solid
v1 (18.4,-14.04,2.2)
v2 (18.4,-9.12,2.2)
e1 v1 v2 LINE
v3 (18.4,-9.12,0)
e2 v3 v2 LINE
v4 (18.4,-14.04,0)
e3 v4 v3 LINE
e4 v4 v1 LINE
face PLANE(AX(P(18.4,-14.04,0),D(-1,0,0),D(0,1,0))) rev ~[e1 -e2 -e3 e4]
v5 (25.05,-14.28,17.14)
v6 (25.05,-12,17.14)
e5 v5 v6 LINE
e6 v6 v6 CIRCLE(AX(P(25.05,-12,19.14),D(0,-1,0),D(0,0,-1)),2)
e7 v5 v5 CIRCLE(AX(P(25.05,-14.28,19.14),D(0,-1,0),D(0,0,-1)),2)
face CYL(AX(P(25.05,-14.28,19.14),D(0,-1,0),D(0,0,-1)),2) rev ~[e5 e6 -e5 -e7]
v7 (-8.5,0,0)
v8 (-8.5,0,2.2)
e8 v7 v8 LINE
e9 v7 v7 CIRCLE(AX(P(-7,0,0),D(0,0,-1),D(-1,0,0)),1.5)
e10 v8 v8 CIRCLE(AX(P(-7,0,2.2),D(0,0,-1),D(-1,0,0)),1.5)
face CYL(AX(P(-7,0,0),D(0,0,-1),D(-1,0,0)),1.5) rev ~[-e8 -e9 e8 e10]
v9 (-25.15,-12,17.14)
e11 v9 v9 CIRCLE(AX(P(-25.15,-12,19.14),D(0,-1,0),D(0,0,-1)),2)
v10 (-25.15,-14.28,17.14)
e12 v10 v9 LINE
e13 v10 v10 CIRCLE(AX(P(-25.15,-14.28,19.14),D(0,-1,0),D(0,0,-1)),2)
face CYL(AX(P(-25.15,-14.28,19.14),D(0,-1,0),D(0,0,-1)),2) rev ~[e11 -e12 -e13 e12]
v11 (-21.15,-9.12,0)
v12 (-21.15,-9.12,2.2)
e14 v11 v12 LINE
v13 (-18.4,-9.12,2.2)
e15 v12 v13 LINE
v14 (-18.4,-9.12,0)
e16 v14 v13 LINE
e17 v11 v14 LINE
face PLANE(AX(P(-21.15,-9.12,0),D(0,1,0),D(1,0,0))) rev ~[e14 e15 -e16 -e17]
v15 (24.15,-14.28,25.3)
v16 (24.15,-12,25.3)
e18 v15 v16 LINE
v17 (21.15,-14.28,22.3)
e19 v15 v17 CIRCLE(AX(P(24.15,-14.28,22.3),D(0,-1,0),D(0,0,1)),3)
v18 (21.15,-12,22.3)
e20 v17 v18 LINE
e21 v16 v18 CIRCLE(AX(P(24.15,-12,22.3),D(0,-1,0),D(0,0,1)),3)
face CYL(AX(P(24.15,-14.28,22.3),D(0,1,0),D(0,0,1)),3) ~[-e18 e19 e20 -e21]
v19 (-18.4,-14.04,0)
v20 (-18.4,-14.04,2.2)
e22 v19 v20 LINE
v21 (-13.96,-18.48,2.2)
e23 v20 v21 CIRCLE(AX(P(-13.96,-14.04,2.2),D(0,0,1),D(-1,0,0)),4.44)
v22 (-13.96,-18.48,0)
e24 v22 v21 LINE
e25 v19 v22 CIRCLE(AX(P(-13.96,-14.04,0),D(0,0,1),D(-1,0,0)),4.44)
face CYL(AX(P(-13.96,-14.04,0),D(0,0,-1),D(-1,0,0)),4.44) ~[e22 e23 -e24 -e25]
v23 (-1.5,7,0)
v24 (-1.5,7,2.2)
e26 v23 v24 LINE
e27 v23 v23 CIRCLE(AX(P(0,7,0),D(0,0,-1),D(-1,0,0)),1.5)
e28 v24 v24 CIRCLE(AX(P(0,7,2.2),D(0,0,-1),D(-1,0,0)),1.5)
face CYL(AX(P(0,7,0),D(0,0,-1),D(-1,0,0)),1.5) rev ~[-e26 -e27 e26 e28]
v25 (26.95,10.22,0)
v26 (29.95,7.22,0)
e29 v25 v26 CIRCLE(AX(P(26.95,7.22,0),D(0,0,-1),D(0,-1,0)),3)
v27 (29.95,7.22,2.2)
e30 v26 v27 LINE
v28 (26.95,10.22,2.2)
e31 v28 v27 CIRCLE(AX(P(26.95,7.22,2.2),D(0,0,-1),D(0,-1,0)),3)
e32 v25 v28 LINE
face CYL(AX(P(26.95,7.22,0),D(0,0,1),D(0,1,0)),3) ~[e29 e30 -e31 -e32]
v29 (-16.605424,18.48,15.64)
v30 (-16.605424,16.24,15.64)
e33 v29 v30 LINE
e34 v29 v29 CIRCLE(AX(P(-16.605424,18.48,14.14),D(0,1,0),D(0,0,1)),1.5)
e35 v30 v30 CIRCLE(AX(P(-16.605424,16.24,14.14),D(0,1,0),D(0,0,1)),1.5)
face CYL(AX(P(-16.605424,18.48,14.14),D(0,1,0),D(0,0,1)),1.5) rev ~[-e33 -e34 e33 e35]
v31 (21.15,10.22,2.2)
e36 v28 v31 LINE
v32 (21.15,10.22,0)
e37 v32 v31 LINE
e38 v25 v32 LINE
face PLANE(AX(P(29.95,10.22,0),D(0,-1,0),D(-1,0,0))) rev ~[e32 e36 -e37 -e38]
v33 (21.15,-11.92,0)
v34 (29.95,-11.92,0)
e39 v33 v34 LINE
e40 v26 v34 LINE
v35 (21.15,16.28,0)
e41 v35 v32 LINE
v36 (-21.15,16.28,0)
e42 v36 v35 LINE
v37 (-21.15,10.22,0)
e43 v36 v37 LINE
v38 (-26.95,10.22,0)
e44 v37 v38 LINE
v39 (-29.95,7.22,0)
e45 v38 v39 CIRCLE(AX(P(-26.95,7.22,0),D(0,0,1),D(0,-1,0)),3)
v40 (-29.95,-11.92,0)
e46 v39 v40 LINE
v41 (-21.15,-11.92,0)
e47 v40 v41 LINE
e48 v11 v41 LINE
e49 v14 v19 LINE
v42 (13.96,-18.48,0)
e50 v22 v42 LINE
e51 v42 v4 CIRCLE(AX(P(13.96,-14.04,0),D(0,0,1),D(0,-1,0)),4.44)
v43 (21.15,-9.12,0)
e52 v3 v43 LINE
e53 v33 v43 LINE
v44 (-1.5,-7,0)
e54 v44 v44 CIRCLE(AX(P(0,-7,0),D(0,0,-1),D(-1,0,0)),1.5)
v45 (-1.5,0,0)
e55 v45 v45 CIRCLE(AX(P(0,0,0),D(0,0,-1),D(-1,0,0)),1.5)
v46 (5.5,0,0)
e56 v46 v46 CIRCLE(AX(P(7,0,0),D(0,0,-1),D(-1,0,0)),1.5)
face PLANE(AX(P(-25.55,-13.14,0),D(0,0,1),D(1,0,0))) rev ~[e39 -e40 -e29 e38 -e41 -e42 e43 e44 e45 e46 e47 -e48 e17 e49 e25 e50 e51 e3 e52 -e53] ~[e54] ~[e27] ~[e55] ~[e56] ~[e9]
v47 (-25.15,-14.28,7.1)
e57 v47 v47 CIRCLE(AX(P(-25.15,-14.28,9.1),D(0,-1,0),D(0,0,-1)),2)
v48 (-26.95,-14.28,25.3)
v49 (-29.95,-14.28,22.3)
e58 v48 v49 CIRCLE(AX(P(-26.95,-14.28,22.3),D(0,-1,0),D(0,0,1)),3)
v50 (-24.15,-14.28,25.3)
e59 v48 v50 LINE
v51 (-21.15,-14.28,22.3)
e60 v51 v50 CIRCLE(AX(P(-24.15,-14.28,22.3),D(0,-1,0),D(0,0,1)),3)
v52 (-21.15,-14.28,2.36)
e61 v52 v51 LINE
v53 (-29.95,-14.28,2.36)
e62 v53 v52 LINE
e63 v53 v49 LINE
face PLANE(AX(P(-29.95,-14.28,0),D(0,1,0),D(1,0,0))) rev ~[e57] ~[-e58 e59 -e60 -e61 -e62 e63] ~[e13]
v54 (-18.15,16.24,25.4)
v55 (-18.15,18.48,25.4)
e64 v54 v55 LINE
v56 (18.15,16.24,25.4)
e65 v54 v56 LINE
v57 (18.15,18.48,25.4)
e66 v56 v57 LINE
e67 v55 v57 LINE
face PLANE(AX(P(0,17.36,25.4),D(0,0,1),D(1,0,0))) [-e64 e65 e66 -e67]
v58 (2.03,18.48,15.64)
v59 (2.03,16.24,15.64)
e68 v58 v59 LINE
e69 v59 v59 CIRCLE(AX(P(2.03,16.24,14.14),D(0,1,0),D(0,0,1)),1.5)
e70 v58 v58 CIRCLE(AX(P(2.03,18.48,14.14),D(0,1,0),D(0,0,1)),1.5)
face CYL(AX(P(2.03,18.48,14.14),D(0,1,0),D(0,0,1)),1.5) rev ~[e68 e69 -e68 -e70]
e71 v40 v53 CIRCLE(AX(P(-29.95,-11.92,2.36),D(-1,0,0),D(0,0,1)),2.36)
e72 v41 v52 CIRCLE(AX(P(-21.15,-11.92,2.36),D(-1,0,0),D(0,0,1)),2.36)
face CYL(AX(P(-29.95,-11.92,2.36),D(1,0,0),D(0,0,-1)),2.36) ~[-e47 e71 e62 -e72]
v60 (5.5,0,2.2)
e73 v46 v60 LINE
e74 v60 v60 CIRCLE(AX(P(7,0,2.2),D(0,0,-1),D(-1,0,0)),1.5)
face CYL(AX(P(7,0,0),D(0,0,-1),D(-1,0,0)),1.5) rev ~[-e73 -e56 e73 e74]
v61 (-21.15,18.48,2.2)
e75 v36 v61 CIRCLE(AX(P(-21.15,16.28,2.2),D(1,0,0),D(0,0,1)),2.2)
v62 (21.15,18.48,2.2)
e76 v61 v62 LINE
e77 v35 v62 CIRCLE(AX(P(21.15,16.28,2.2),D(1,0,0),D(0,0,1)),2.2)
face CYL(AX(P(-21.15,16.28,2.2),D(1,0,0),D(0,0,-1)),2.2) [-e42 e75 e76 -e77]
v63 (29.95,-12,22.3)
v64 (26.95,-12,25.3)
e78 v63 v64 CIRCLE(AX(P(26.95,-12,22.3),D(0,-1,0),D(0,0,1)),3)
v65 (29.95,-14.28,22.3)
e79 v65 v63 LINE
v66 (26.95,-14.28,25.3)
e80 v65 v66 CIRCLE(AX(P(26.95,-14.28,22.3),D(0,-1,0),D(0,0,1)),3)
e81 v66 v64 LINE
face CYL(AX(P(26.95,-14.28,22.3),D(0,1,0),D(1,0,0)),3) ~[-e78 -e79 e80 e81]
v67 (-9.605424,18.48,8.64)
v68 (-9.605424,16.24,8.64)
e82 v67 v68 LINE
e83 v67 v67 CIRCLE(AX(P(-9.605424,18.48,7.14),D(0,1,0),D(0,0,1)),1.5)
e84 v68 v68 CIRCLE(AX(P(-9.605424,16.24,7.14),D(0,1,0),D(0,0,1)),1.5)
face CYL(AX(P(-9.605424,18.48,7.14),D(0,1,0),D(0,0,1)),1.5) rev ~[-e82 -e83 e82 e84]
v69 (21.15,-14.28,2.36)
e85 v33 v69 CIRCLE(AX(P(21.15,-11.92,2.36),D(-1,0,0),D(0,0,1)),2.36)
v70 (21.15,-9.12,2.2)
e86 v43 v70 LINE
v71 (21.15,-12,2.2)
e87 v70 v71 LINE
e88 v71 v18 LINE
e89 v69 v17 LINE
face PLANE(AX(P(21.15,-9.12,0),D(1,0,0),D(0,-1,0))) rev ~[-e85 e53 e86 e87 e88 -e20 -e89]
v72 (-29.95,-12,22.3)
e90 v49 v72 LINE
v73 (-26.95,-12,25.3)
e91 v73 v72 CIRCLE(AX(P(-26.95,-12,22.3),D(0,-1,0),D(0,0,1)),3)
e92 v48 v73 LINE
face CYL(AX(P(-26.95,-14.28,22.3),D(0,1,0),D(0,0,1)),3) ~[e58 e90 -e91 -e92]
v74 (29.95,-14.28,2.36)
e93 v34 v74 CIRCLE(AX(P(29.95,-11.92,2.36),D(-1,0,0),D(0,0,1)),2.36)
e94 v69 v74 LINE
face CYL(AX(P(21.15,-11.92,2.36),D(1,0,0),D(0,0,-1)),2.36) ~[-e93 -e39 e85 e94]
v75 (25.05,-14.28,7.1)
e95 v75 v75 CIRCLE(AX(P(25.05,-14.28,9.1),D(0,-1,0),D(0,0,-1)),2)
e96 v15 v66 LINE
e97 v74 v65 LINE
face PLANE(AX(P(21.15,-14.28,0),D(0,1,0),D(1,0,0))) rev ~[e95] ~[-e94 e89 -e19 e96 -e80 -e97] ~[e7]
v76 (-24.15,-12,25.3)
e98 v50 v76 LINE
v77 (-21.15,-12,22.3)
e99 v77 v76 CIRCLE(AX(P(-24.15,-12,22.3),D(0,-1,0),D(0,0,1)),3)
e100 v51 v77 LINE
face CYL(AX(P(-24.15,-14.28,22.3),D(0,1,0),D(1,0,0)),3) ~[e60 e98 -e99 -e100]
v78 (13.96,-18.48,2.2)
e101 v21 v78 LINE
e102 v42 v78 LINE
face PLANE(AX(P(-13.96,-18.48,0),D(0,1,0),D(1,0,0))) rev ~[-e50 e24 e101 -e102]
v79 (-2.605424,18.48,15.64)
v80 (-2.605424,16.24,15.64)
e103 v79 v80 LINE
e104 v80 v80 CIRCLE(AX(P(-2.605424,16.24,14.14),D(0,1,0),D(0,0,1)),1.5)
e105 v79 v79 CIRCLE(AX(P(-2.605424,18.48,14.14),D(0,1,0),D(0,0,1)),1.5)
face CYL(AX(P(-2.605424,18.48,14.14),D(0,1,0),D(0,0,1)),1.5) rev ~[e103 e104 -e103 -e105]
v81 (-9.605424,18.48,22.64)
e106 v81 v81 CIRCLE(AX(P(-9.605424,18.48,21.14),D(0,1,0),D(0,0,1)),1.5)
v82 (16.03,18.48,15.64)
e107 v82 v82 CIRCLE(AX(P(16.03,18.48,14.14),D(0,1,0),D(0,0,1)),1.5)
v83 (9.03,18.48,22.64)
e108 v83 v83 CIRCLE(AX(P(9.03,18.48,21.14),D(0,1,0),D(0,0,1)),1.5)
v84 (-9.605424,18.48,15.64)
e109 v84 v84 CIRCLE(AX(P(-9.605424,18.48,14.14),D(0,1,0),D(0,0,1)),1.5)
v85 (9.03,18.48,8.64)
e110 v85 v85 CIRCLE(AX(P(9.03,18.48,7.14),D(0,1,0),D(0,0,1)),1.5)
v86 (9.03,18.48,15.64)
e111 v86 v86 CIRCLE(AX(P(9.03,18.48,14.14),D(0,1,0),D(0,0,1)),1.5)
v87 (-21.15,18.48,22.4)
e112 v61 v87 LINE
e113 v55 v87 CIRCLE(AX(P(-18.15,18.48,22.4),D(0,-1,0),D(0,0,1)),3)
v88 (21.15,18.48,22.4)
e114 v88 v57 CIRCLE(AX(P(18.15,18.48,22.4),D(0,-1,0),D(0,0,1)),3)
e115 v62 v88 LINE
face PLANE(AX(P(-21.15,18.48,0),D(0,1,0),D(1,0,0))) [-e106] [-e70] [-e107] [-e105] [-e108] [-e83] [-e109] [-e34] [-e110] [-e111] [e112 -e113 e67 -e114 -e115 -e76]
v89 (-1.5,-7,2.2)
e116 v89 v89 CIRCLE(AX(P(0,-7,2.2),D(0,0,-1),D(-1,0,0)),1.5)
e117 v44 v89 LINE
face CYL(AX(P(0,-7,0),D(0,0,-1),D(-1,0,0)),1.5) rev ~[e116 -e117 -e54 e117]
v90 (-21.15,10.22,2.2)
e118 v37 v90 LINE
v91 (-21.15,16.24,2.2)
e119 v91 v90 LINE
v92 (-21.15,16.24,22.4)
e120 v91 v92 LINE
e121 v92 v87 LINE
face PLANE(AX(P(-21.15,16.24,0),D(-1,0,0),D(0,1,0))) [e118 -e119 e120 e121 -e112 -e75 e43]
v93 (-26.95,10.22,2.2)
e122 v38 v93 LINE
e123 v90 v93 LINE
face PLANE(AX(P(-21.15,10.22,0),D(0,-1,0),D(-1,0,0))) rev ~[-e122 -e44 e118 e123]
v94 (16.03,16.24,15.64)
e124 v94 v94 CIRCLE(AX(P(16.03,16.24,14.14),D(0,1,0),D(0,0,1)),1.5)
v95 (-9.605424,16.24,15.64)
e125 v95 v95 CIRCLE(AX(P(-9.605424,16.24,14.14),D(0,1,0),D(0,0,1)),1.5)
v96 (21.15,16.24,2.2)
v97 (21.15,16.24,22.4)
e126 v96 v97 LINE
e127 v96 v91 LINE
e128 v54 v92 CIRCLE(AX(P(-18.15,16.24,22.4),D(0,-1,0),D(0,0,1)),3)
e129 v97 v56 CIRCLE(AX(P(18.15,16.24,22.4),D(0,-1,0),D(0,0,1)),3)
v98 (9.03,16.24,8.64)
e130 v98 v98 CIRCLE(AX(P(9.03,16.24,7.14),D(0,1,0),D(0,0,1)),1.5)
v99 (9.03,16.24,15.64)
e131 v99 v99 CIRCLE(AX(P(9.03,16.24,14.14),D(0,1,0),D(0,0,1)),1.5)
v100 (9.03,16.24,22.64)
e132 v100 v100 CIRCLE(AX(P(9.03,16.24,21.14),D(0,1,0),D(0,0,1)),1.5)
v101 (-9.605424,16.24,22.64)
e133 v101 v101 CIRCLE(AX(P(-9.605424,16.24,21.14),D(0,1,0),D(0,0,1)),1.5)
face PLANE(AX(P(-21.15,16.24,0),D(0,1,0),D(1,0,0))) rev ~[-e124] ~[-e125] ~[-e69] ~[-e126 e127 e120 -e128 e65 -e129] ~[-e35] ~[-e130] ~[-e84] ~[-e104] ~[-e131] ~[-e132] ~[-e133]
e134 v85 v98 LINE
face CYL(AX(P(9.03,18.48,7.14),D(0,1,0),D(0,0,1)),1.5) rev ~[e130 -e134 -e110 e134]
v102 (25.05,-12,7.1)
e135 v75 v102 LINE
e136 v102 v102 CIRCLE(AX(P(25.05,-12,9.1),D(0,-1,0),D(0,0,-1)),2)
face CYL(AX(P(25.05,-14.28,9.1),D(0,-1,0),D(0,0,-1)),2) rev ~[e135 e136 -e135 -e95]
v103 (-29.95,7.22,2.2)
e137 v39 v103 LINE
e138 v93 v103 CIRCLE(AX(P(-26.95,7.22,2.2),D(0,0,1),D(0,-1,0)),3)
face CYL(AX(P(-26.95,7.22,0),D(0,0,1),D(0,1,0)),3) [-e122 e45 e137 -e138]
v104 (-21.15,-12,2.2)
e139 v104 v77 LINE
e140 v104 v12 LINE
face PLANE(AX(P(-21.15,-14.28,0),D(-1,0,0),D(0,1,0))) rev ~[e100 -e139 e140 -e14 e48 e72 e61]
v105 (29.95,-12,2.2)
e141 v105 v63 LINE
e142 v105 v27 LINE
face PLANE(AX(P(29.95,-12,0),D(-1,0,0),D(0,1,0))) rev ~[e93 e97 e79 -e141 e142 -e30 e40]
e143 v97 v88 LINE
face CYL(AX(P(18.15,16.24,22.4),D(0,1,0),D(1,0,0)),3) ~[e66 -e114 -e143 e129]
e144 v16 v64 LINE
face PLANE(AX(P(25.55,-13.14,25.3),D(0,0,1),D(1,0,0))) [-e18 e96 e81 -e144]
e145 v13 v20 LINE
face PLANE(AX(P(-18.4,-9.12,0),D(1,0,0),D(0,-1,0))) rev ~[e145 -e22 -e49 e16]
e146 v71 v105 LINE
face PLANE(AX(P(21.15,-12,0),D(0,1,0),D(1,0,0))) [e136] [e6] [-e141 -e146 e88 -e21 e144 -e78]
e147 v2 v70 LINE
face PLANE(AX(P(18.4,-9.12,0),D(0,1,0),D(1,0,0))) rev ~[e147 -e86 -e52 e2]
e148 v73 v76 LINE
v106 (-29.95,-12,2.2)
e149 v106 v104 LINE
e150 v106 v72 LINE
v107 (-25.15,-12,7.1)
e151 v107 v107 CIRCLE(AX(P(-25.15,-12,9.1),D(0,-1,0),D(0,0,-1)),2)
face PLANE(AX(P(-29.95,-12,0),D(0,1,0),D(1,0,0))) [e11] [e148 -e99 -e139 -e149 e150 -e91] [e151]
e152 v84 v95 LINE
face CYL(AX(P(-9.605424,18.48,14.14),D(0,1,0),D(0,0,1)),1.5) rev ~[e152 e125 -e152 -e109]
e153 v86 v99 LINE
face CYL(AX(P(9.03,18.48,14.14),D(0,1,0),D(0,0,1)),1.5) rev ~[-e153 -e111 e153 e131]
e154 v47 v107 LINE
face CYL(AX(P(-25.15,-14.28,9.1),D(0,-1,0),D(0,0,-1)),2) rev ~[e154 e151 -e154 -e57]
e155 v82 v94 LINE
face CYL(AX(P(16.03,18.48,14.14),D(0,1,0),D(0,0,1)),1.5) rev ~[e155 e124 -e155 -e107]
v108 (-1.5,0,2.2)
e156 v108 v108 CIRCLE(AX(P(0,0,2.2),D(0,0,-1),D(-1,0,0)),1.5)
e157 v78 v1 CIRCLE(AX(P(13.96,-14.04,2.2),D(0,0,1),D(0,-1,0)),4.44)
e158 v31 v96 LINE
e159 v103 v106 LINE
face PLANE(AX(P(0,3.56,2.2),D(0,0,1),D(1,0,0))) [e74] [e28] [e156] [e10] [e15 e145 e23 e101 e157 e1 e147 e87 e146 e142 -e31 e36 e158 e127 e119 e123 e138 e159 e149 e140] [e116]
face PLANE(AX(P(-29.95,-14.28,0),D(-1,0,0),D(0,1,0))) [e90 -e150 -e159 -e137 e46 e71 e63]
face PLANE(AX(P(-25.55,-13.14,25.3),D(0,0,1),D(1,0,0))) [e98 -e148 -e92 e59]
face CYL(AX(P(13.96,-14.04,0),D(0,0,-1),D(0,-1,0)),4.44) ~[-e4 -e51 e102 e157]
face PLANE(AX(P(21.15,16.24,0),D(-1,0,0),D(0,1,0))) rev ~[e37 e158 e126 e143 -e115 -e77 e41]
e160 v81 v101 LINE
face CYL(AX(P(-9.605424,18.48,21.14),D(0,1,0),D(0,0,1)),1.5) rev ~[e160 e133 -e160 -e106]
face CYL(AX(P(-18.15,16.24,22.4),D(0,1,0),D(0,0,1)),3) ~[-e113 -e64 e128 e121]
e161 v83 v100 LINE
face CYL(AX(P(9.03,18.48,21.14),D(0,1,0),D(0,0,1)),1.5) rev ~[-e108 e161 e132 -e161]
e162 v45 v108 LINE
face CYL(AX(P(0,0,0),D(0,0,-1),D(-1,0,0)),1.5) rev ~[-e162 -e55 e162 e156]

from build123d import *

# Parameters (mm, degrees)
BOSS_EXTRUDE1_DEPTH = 2.2
SKETCH1_3_W         = 42.3
SKETCH1_3_H         = 2.24
BOSS_EXTRUDE2_DEPTH = 25.4
SKETCH1_4_W         = 8.8
SKETCH1_4_H         = 2.28
BOSS_EXTRUDE3_DEPTH = 25.3
FILLET13_R          = 3
FILLET14_R          = 3
FILLET15_R          = 3
FILLET16_R          = 3
FILLET18_R          = 3
FILLET19_R          = 3
FILLET20_R          = 3
FILLET21_R          = 3
FILLET24_R          = 2.36
FILLET25_R          = 2.36
FILLET26_R          = 2.2
SKETCH2_R           = 2
CUT_EXTRUDE1_DEPTH  = 10
SKETCH3_R           = 1.5
CUT_EXTRUDE2_DEPTH  = 10
SKETCH4_R           = 1.5
CUT_EXTRUDE3_DEPTH  = 10


with BuildPart() as part:
    # Sketch1 → Boss-Extrude1 (new body)
    with BuildSketch(Plane.XY):
        Polygon((21.15, 16.24), (-21.15, 16.24), (-21.15, 10.22), (-21.15, -9.12), (-18.4, -9.12), (18.4, -9.12), (21.15, -9.12), (21.15, 10.22), align=None)
        with BuildLine():
            Line((-4.349812535, -18.48), (13.96, -18.48))
            ThreePointArc((13.96, -18.48), (17.099554108, -17.179554108), (18.4, -14.04))
            Line((18.4, -14.04), (18.4, -9.12))
            Line((18.4, -9.12), (-18.4, -9.12))
            Line((-18.4, -9.12), (-18.4, -14.04))
            ThreePointArc((-18.4, -14.04), (-17.099554108, -17.179554108), (-13.96, -18.48))
            Line((-13.96, -18.48), (-4.349812535, -18.48))
        make_face()
        Polygon((-21.15, -9.12), (-21.15, 10.22), (-29.95, 10.22), (-29.95, -12), (-21.15, -12), align=None)
        Polygon((29.95, 10.22), (21.15, 10.22), (21.15, -9.12), (21.15, -12), (29.95, -12), align=None)
    extrude(amount=BOSS_EXTRUDE1_DEPTH)

    # Sketch1<3> → Boss-Extrude2 (add)
    with BuildSketch(Plane.XY):
        with Locations((0, 17.36)):
            Rectangle(SKETCH1_3_W, SKETCH1_3_H)
    extrude(amount=BOSS_EXTRUDE2_DEPTH)

    # Sketch1<4> → Boss-Extrude3 (add)
    with BuildSketch(Plane.XY):
        with Locations((-25.55, -13.14)):
            Rectangle(SKETCH1_4_W, SKETCH1_4_H)
        with Locations((25.55, -13.14)):
            Rectangle(SKETCH1_4_W, SKETCH1_4_H)
    extrude(amount=BOSS_EXTRUDE3_DEPTH)

    # Fillet13
    fillet13_edges = [part.edges().sort_by_distance(p)[0] for p in [
        (-21.15, -13.14, 25.3),
    ]]
    fillet(fillet13_edges, radius=FILLET13_R)

    # Fillet14
    fillet14_edges = [part.edges().sort_by_distance(p)[0] for p in [
        (-29.95, -13.14, 25.3),
    ]]
    fillet(fillet14_edges, radius=FILLET14_R)

    # Fillet15
    fillet15_edges = [part.edges().sort_by_distance(p)[0] for p in [
        (29.95, -13.14, 25.3),
    ]]
    fillet(fillet15_edges, radius=FILLET15_R)

    # Fillet16
    fillet16_edges = [part.edges().sort_by_distance(p)[0] for p in [
        (21.15, -13.14, 25.3),
    ]]
    fillet(fillet16_edges, radius=FILLET16_R)

    # Fillet18
    fillet18_edges = [part.edges().sort_by_distance(p)[0] for p in [
        (21.15, 17.36, 25.4),
    ]]
    fillet(fillet18_edges, radius=FILLET18_R)

    # Fillet19
    fillet19_edges = [part.edges().sort_by_distance(p)[0] for p in [
        (-21.15, 17.36, 25.4),
    ]]
    fillet(fillet19_edges, radius=FILLET19_R)

    # Fillet20
    fillet20_edges = [part.edges().sort_by_distance(p)[0] for p in [
        (29.95, 10.22, 1.1),
    ]]
    fillet(fillet20_edges, radius=FILLET20_R)

    # Fillet21
    fillet21_edges = [part.edges().sort_by_distance(p)[0] for p in [
        (-29.95, 10.22, 1.1),
    ]]
    fillet(fillet21_edges, radius=FILLET21_R)

    # Fillet24
    fillet24_edges = [part.edges().sort_by_distance(p)[0] for p in [
        (-25.55, -14.28, 0),
    ]]
    fillet(fillet24_edges, radius=FILLET24_R)

    # Fillet25
    fillet25_edges = [part.edges().sort_by_distance(p)[0] for p in [
        (25.55, -14.28, 0),
    ]]
    fillet(fillet25_edges, radius=FILLET25_R)

    # Fillet26
    fillet26_edges = [part.edges().sort_by_distance(p)[0] for p in [
        (0, 18.48, 0),
    ]]
    fillet(fillet26_edges, radius=FILLET26_R)

    # Sketch2 → Cut-Extrude1 (cut)
    with BuildSketch(Plane.XZ.offset(14.28)):
        with Locations(Location((25.05, 19.14, 0), (0, 0, 270))):
            Circle(SKETCH2_R)
        with Locations(Location((25.05, 9.1, 0), (0, 0, 270))):
            Circle(SKETCH2_R)
        with Locations(Location((-25.15, 19.14, 0), (0, 0, 270))):
            Circle(SKETCH2_R)
        with Locations(Location((-25.15, 9.1, 0), (0, 0, 270))):
            Circle(SKETCH2_R)
    extrude(amount=-CUT_EXTRUDE1_DEPTH, mode=Mode.SUBTRACT)

    # Sketch3 → Cut-Extrude2 (cut)
    with BuildSketch(Plane(origin=(0, 18.48, 0), x_dir=(1, 0, 0), z_dir=(0, 1, 0))):
        with Locations(Location((9.03, -14.14, 0), (0, 0, 270))):
            Circle(SKETCH3_R)
        with Locations(Location((9.03, -7.14, 0), (0, 0, 270))):
            Circle(SKETCH3_R)
        with Locations(Location((16.03, -14.14, 0), (0, 0, 270))):
            Circle(SKETCH3_R)
        with Locations(Location((9.03, -21.14, 0), (0, 0, 270))):
            Circle(SKETCH3_R)
        with Locations(Location((2.03, -14.14, 0), (0, 0, 270))):
            Circle(SKETCH3_R)
        with Locations(Location((-9.605424329, -14.14, 0), (0, 0, 270))):
            Circle(SKETCH3_R)
        with Locations(Location((-9.605424329, -7.14, 0), (0, 0, 270))):
            Circle(SKETCH3_R)
        with Locations(Location((-2.605424329, -14.14, 0), (0, 0, 270))):
            Circle(SKETCH3_R)
        with Locations(Location((-9.605424329, -21.14, 0), (0, 0, 270))):
            Circle(SKETCH3_R)
        with Locations(Location((-16.605424329, -14.14, 0), (0, 0, 270))):
            Circle(SKETCH3_R)
    extrude(amount=-CUT_EXTRUDE2_DEPTH, mode=Mode.SUBTRACT)

    # Sketch4 → Cut-Extrude3 (cut)
    with BuildSketch(Plane(origin=(0, 0, 0), x_dir=(-1, 0, 0), z_dir=(0, 0, -1))):
        with Locations((-7, 0)):
            Circle(SKETCH4_R)
        with Locations((0, 7)):
            Circle(SKETCH4_R)
        with Locations((7, 0)):
            Circle(SKETCH4_R)
        with Locations((0, -7)):
            Circle(SKETCH4_R)
        Circle(SKETCH4_R)
    extrude(amount=-CUT_EXTRUDE3_DEPTH, mode=Mode.SUBTRACT)


solid = part.part
